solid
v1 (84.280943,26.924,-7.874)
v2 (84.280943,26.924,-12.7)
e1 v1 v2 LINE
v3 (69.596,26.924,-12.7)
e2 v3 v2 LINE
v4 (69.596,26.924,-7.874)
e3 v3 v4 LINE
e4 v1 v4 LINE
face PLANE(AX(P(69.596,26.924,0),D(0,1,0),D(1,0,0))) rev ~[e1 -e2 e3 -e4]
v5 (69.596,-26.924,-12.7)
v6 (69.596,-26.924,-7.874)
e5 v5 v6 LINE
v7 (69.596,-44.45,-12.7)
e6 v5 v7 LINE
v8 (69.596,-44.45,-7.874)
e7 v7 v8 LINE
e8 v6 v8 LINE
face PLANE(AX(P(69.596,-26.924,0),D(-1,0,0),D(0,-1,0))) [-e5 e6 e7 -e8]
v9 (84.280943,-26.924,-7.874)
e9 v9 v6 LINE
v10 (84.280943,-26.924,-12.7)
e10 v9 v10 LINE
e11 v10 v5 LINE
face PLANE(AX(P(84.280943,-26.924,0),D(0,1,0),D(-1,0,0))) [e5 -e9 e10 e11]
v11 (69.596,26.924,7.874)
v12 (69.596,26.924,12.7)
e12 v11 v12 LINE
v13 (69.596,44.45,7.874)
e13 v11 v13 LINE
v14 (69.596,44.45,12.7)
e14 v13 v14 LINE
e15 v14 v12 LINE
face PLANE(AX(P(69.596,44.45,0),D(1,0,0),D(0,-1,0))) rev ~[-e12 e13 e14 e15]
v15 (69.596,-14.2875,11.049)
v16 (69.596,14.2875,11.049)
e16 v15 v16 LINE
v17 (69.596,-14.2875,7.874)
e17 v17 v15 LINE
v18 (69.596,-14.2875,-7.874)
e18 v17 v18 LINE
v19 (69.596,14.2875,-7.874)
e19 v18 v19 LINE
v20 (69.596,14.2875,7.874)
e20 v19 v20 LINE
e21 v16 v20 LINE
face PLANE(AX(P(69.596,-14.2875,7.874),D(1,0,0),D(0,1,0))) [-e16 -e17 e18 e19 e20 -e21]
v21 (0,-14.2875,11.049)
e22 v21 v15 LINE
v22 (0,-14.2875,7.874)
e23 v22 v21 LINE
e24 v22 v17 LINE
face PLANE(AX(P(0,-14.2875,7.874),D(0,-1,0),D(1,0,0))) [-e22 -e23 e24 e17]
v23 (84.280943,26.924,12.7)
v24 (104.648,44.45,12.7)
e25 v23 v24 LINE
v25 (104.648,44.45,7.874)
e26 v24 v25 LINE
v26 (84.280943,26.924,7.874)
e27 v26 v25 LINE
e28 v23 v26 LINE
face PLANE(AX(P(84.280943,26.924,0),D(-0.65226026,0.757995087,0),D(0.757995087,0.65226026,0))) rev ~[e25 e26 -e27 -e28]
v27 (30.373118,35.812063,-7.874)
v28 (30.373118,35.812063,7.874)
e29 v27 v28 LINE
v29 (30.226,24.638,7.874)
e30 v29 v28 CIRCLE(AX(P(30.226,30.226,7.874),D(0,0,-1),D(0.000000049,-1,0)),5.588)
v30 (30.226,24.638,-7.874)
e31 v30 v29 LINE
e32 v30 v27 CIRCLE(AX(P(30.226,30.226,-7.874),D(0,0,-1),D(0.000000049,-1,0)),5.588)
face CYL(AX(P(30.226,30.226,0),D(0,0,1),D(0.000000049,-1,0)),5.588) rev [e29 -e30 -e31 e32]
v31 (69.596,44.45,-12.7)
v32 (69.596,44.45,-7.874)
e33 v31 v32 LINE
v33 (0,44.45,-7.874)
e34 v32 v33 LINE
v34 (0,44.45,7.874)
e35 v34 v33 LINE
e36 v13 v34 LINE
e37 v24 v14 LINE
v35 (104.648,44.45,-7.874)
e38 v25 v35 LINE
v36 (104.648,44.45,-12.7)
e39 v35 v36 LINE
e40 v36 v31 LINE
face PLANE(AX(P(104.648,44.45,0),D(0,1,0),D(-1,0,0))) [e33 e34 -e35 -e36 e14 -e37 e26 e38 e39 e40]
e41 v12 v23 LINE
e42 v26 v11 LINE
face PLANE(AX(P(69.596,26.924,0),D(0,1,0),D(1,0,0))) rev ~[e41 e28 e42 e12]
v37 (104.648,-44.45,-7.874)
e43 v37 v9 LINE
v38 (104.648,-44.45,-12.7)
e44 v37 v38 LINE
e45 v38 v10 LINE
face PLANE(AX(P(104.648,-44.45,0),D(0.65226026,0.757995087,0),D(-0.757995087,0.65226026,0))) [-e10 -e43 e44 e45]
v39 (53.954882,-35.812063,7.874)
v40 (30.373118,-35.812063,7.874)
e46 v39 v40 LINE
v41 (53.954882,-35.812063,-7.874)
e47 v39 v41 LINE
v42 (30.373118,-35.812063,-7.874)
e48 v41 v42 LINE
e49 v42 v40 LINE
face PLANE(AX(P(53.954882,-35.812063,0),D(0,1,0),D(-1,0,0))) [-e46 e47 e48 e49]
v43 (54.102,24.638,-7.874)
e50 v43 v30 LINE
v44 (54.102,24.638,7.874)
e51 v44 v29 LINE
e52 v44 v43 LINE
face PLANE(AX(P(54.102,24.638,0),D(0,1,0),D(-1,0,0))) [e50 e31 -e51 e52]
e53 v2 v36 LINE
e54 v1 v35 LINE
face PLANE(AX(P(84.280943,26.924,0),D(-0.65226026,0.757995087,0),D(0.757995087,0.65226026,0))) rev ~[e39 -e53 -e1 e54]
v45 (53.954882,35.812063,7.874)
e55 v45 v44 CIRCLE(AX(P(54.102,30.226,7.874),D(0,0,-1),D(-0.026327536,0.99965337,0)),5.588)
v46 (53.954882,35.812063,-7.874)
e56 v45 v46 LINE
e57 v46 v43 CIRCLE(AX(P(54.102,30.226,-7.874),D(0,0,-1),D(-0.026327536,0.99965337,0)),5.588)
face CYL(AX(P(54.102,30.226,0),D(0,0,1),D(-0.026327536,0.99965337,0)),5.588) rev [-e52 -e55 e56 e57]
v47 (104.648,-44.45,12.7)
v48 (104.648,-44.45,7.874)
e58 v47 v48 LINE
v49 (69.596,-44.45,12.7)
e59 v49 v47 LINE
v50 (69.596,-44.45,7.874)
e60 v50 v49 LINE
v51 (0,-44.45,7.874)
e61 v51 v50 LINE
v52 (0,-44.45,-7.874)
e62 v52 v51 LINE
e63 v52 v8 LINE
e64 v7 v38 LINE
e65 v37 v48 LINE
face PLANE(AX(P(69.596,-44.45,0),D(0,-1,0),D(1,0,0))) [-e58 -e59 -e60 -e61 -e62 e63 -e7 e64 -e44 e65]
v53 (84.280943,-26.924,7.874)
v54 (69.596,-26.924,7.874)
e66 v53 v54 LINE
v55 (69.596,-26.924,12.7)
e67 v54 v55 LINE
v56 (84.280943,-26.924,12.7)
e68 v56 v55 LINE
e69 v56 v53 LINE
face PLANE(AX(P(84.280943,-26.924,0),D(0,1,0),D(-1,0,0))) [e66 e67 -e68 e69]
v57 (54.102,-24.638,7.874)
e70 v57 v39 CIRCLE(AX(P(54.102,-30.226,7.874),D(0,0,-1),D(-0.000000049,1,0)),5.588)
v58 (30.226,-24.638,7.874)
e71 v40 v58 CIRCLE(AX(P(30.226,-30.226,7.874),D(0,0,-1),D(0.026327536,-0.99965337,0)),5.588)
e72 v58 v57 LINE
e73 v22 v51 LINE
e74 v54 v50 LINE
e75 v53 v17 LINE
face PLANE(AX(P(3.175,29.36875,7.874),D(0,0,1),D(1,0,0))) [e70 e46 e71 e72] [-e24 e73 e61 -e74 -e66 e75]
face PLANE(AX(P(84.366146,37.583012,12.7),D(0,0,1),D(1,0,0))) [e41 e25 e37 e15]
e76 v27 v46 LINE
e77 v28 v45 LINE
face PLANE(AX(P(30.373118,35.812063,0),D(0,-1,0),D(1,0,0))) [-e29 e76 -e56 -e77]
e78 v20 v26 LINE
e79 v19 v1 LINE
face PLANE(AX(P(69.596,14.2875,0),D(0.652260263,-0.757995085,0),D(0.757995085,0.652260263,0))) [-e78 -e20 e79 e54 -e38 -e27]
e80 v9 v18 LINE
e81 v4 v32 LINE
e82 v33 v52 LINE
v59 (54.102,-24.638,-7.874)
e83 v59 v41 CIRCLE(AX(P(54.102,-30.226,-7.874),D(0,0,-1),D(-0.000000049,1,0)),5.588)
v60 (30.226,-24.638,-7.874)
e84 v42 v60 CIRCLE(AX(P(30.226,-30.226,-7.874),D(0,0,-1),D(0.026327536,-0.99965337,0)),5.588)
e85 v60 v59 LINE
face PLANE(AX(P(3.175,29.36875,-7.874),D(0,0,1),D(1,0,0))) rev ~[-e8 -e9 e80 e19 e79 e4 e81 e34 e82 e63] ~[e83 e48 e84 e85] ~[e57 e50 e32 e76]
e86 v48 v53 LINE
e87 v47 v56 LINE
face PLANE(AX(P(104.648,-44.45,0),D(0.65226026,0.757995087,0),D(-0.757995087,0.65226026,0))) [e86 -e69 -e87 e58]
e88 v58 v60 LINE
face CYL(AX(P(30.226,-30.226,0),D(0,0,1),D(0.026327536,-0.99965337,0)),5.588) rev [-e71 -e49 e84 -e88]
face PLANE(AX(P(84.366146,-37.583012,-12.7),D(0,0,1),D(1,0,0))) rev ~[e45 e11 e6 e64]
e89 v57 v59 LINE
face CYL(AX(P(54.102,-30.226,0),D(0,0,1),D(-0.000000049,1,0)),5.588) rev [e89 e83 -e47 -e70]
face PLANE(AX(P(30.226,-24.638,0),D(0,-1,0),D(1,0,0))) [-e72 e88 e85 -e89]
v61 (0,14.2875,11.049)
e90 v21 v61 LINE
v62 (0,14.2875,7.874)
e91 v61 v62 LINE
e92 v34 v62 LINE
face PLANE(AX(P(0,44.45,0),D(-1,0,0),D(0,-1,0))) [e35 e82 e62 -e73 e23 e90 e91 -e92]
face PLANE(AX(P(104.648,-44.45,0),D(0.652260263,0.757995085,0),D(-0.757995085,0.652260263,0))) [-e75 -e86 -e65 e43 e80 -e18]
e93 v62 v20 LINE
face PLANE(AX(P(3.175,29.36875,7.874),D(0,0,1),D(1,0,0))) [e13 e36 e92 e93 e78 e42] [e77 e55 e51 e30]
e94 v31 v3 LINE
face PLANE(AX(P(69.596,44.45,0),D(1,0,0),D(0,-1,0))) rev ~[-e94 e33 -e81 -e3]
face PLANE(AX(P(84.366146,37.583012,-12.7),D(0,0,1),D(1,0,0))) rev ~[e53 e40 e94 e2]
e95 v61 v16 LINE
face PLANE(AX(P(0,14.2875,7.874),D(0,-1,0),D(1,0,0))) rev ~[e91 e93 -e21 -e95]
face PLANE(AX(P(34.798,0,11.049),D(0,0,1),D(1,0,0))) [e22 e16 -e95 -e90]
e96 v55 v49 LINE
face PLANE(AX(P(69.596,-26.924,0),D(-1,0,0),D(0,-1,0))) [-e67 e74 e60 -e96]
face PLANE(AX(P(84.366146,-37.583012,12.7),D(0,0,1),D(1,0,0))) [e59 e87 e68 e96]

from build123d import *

# Parameters (mm, degrees)
F0_W     = 6.35
F0_H     = 30.1625
F1_DEPTH = 7.874
F2_W     = 69.596
F2_H     = 28.575
F3_DEPTH = 3.175
F5_DEPTH = 12.7


with BuildPart() as f1:
    # F0 (on Top) → F1 (new body, symmetric)
    with BuildSketch(Plane.XY):
        with Locations((3.175, 29.36875)):
            Rectangle(F0_W, F0_H)
        Polygon((6.35, 14.2875), (0, 14.2875), (0, -14.2875), (6.35, -14.2875), (69.596, -14.2875), (69.596, 14.2875), align=None)
        Polygon((104.648, 44.45), (6.35, 44.45), (6.35, 14.2875), (69.596, 14.2875), align=None)
        with BuildLine():
            ThreePointArc((30.226, 24.638), (24.638484, 30.299565), (30.373118, 35.812063))
            Line((30.373118, 35.812063), (53.954882, 35.812063))
            ThreePointArc((53.954882, 35.812063), (59.689516, 30.299565), (54.102, 24.638))
            Line((54.102, 24.638), (30.226, 24.638))
        make_face(mode=Mode.SUBTRACT)
        with Locations((3.175, -29.36875)):
            Rectangle(F0_W, F0_H)
        Polygon((69.596, -14.2875), (6.35, -14.2875), (6.35, -44.45), (104.648, -44.45), align=None)
        with BuildLine():
            ThreePointArc((30.373118, -35.812063), (24.638484, -30.299565), (30.226, -24.638))
            Line((30.226, -24.638), (54.102, -24.638))
            ThreePointArc((54.102, -24.638), (59.689516, -30.299565), (53.954882, -35.812063))
            Line((53.954882, -35.812063), (30.373118, -35.812063))
        make_face(mode=Mode.SUBTRACT)
    extrude(amount=F1_DEPTH, both=True)

    # F2 (on face) → F3 (join, symmetric)
    with BuildSketch(Plane.XY.offset(7.874)):
        with Locations((34.798, 0)):
            Rectangle(F2_W, F2_H)
    extrude(amount=F3_DEPTH, both=True)

    # F4 (on Top) → F5 (join, symmetric)
    with BuildSketch(Plane.XY):
        Polygon((104.648, 44.45), (69.596, 44.45), (69.596, 26.924), (84.280943, 26.924), align=None)
        Polygon((84.280943, -26.924), (69.596, -26.924), (69.596, -44.45), (104.648, -44.45), align=None)
    extrude(amount=F5_DEPTH, both=True)


solid = f1.part
